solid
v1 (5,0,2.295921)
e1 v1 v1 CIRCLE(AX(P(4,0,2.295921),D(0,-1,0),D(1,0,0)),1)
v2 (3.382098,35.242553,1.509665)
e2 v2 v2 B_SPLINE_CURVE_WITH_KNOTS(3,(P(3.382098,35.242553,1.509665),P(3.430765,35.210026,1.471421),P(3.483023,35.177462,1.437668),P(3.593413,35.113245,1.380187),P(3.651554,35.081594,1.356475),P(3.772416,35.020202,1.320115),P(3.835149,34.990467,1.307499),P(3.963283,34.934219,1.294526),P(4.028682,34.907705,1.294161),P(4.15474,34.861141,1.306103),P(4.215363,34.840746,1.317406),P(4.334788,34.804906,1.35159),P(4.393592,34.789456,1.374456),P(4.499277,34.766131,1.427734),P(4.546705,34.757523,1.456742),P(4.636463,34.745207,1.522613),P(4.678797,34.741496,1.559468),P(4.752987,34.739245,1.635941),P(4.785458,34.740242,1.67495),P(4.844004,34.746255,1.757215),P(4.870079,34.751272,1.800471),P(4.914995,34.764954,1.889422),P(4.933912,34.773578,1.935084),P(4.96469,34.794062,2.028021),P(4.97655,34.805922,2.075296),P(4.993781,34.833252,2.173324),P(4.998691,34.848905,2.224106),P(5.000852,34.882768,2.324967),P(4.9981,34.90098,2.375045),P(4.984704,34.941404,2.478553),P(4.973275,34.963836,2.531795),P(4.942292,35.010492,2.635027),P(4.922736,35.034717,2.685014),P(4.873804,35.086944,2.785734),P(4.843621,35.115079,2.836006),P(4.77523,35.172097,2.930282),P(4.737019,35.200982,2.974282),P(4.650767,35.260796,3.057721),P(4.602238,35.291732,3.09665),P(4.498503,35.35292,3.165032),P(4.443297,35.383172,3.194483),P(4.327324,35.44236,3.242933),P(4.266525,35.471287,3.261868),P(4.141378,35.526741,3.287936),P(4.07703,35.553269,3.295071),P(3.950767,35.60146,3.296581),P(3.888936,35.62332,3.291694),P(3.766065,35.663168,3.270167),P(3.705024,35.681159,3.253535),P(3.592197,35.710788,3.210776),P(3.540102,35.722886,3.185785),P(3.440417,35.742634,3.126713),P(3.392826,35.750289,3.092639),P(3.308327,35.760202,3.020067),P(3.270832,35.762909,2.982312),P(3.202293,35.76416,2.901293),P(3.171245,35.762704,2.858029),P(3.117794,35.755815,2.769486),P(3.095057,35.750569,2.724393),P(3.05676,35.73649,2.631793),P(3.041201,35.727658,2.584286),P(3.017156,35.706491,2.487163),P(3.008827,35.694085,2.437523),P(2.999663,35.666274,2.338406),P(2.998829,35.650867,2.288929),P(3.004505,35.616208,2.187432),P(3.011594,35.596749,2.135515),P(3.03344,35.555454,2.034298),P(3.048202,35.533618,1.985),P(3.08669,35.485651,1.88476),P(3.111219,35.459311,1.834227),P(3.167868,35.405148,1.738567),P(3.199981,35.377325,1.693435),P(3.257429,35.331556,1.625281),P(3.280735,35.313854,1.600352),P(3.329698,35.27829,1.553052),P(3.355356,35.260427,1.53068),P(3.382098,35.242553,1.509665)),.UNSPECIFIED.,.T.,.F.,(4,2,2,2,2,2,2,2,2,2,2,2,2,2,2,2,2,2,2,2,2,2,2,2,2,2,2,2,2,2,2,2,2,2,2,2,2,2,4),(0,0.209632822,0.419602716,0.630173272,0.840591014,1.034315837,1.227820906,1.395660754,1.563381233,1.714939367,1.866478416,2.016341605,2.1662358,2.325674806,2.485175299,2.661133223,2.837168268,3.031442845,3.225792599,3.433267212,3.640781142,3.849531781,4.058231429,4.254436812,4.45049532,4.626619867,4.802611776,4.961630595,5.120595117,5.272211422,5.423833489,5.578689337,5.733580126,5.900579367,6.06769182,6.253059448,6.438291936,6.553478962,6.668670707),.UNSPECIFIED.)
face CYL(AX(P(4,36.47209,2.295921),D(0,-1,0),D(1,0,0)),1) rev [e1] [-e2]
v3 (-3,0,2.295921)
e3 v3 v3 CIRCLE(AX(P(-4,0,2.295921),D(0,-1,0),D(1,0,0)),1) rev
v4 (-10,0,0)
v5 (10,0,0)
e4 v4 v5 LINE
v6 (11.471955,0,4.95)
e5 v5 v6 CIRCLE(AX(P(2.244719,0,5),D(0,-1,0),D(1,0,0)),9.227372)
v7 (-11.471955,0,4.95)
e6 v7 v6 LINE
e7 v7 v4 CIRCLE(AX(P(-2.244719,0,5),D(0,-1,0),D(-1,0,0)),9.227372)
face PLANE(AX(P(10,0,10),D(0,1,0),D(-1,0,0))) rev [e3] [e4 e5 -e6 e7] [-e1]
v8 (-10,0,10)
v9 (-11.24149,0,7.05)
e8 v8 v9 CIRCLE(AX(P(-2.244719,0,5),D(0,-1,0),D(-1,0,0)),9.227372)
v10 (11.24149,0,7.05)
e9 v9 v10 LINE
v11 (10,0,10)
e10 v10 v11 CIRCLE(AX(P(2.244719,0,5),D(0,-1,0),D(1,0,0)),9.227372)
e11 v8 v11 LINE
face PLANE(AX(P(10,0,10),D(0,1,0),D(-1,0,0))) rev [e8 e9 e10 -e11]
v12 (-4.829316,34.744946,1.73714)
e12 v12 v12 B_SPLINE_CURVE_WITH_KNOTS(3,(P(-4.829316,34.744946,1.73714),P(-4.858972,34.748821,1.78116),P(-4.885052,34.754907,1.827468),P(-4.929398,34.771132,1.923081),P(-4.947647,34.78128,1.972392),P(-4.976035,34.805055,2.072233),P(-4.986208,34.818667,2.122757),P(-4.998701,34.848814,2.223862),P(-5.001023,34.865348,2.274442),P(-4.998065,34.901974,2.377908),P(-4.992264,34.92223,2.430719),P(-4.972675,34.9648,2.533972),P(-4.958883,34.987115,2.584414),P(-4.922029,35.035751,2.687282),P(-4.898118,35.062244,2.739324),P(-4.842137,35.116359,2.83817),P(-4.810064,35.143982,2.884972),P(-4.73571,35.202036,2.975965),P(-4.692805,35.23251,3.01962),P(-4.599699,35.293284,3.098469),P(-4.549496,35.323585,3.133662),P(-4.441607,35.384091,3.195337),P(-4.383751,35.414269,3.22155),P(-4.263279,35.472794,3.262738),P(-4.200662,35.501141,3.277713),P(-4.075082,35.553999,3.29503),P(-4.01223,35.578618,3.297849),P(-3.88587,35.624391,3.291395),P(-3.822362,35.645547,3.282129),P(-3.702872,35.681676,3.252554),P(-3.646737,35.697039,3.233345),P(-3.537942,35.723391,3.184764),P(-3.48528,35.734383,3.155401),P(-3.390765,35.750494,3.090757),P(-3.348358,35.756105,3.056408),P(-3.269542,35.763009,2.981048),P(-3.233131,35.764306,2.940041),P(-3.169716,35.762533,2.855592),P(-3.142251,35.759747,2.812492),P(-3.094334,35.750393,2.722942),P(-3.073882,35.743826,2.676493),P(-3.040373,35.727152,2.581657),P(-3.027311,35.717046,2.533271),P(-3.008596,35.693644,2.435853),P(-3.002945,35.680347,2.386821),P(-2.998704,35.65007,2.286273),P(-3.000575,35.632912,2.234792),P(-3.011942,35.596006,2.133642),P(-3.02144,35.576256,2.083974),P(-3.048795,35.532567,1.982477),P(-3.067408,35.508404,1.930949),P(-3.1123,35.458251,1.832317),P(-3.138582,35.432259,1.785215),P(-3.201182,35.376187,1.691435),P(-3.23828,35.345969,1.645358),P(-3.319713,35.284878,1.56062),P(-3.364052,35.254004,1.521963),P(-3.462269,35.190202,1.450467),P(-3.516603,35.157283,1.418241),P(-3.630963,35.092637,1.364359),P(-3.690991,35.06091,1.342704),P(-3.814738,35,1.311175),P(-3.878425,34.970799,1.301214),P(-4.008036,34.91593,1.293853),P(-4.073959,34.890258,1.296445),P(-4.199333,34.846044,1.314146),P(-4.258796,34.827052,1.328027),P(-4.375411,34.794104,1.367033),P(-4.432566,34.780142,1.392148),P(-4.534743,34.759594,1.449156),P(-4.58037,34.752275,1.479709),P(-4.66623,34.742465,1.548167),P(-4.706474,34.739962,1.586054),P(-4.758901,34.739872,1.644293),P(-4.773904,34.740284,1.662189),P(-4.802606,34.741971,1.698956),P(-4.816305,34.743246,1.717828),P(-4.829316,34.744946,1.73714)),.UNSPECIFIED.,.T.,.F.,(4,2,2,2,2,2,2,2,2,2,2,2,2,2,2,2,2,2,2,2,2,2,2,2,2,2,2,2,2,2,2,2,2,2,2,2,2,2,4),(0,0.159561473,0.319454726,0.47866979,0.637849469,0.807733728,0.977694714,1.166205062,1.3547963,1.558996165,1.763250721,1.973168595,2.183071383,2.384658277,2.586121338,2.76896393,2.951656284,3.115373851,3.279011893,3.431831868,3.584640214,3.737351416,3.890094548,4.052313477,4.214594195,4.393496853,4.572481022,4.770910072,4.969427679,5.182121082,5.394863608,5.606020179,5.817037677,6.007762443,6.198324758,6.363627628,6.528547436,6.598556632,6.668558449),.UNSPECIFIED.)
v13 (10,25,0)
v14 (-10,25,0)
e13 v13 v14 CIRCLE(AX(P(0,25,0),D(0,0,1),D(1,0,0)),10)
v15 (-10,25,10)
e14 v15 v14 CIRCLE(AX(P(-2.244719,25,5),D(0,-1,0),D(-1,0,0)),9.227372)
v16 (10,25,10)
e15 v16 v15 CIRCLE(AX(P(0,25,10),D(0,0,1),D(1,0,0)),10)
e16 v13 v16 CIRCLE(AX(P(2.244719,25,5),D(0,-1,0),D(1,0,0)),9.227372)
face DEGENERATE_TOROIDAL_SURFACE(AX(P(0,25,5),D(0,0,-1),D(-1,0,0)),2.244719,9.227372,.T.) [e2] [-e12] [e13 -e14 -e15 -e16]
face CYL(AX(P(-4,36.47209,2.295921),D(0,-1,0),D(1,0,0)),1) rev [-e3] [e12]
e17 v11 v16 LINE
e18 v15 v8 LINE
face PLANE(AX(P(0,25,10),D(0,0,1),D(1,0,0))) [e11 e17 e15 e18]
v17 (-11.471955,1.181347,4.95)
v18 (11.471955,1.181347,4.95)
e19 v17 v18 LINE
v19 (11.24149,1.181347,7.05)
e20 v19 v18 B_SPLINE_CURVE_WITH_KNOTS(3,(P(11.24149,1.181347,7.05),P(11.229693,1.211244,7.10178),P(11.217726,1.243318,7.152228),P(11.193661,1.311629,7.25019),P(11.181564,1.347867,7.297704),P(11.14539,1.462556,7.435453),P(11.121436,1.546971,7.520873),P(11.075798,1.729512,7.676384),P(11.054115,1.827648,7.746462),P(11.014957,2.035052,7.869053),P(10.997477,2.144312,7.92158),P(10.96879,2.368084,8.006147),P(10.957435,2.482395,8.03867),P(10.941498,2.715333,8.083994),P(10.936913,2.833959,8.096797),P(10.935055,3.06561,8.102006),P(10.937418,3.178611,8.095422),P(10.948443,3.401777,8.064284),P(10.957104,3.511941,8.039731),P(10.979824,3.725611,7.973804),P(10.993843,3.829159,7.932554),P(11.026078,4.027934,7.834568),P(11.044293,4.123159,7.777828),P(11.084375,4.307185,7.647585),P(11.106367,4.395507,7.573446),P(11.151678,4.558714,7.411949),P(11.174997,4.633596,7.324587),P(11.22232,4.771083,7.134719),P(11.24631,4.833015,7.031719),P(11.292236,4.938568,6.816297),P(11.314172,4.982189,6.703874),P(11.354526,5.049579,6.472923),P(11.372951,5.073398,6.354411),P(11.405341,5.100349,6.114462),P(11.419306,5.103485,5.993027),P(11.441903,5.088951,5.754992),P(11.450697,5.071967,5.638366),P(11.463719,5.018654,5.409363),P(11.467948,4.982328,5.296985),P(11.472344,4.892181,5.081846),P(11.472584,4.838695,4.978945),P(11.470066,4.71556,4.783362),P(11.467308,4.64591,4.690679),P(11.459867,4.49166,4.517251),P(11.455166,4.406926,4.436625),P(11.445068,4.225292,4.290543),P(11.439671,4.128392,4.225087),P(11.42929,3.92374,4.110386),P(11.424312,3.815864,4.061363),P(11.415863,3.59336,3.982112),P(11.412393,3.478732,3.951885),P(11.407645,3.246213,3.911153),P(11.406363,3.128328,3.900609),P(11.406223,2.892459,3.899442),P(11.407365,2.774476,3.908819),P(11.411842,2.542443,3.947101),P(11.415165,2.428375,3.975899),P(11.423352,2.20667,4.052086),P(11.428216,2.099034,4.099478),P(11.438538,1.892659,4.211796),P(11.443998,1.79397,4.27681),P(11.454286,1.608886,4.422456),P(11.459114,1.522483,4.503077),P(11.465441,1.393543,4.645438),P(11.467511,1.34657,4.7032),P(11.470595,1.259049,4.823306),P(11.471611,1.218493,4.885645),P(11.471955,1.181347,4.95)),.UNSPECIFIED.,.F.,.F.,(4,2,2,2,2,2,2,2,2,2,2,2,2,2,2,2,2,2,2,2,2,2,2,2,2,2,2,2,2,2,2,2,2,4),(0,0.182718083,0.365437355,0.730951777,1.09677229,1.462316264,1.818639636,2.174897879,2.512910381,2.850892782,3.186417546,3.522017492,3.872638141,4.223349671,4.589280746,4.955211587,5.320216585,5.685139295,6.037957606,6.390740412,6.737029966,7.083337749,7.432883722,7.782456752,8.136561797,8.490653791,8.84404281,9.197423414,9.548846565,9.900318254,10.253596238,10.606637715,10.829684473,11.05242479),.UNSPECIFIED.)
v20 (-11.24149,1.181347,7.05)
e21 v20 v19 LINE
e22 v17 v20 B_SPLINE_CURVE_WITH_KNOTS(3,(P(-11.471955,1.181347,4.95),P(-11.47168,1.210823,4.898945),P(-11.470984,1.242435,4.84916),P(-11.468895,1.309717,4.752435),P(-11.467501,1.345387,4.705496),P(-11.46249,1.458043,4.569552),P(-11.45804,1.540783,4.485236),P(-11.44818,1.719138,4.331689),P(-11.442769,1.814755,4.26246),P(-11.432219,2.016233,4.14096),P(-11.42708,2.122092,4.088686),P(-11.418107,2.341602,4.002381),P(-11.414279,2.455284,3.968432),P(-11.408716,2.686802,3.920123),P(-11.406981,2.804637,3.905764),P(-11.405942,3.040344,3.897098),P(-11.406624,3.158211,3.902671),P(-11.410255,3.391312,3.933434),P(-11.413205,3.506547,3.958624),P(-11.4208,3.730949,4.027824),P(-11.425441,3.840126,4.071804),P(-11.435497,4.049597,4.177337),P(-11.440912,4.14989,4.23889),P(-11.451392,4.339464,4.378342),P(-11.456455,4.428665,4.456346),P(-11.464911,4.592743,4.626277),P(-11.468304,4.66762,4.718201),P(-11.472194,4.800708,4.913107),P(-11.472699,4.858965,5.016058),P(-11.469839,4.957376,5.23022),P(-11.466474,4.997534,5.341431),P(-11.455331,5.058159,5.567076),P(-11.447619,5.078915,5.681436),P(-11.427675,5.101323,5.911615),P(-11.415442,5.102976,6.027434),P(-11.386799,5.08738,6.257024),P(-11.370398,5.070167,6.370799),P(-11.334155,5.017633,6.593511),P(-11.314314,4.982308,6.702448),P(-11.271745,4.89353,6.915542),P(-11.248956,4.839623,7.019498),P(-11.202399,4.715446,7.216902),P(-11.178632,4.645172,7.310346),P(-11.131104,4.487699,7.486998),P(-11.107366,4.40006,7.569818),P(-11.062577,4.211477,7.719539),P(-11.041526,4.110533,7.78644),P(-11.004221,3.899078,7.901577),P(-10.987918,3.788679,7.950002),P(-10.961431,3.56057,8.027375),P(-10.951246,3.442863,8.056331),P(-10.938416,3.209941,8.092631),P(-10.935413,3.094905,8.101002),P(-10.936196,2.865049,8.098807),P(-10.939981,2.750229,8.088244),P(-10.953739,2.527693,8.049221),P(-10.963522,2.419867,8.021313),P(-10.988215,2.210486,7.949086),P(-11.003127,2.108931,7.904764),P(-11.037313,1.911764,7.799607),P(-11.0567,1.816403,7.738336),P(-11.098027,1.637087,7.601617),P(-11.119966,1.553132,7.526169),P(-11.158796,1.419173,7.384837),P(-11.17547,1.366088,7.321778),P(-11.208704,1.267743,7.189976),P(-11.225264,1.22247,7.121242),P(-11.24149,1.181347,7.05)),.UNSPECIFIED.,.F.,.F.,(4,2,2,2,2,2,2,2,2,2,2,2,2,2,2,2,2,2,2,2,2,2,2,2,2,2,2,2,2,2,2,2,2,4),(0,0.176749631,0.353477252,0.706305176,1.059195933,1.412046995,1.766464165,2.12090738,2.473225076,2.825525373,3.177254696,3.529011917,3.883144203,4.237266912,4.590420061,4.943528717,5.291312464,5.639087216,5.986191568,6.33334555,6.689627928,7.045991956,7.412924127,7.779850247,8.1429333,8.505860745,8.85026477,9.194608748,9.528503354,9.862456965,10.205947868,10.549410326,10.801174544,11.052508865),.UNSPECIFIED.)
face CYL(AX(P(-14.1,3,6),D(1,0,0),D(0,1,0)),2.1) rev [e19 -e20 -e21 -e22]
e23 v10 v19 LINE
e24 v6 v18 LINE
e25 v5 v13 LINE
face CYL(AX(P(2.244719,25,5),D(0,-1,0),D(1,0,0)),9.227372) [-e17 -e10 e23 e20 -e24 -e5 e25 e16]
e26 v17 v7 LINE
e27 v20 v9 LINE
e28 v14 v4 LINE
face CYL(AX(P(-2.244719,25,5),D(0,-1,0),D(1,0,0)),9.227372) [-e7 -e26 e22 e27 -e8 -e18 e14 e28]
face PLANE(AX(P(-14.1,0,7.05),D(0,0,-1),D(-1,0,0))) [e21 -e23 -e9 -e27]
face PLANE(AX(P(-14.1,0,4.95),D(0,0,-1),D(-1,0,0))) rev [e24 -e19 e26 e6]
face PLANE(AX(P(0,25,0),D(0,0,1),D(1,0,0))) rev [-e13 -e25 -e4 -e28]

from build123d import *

# Parameters (mm, degrees)
BOSS_EXTRUDE1_DEPTH      = 10
BOSS_EXTRUDE2_DEPTH      = 25
SKETCH11_R               = 1
CUT_EXTRUDE9_DEPTH       = 40.519896768
CUT_EXTRUDE16_DEPTH      = 14.1
CUT_EXTRUDE16_DEPTH_BACK = 14.1


with BuildPart() as part:
    # Sketch1 → Boss-Extrude1 (new body)
    with BuildSketch(Plane.XY):
        with BuildLine():
            Line((10, 0), (-10, 0))
            Line((-10, 0), (-10, 25))
            ThreePointArc((-10, 25), (0, 35), (10, 25))
            Line((10, 25), (10, 0))
        make_face()
    extrude(amount=BOSS_EXTRUDE1_DEPTH)

    # Sketch16 → Boss-Extrude2 (add)
    with BuildSketch(Plane.XZ):
        with BuildLine():
            Line((-10, 0), (-10, 10))
            ThreePointArc((-10, 10), (-11.472090345, 5), (-10, 0))
        make_face()
        with BuildLine():
            Line((10, 0), (10, 10))
            ThreePointArc((10, 10), (11.472090345, 5), (10, 0))
        make_face()
    extrude(amount=-BOSS_EXTRUDE2_DEPTH)

    # Sketch18 → Revolve1 (revolve)
    with BuildSketch(Plane(origin=(0, 25, 0), x_dir=(1, 0, 0), z_dir=(0, 1, 0))):
        with BuildLine():
            Line((10, 0), (10, -10))
            ThreePointArc((10, -10), (11.472090345, -5), (10, 0))
        make_face()
    revolve(axis=Axis((0, 25, 0), (0, 0, 1)))

    # Sketch11 → Cut-Extrude9 (cut, through all)
    with BuildSketch(Plane.XZ):
        with Locations((4, 2.295920755)):
            Circle(SKETCH11_R)
        with Locations((-4, 2.295920755)):
            Circle(SKETCH11_R)
    extrude(amount=-CUT_EXTRUDE9_DEPTH, mode=Mode.SUBTRACT)

    # Sketch14 → Cut-Extrude16 (cut, two sides: drawn at the far end of the back side and taken through both)
    with BuildSketch(Plane.ZY.offset(-CUT_EXTRUDE16_DEPTH_BACK)):
        with BuildLine():
            Line((4.95, 1.181346652), (4.95, 0))
            Line((4.95, 0), (7.05, 0))
            Line((7.05, 0), (7.05, 1.181346652))
            ThreePointArc((7.05, 1.181346652), (6, 5.1), (4.95, 1.181346652))
        make_face()
    extrude(amount=CUT_EXTRUDE16_DEPTH + CUT_EXTRUDE16_DEPTH_BACK, mode=Mode.SUBTRACT)


solid = part.part
